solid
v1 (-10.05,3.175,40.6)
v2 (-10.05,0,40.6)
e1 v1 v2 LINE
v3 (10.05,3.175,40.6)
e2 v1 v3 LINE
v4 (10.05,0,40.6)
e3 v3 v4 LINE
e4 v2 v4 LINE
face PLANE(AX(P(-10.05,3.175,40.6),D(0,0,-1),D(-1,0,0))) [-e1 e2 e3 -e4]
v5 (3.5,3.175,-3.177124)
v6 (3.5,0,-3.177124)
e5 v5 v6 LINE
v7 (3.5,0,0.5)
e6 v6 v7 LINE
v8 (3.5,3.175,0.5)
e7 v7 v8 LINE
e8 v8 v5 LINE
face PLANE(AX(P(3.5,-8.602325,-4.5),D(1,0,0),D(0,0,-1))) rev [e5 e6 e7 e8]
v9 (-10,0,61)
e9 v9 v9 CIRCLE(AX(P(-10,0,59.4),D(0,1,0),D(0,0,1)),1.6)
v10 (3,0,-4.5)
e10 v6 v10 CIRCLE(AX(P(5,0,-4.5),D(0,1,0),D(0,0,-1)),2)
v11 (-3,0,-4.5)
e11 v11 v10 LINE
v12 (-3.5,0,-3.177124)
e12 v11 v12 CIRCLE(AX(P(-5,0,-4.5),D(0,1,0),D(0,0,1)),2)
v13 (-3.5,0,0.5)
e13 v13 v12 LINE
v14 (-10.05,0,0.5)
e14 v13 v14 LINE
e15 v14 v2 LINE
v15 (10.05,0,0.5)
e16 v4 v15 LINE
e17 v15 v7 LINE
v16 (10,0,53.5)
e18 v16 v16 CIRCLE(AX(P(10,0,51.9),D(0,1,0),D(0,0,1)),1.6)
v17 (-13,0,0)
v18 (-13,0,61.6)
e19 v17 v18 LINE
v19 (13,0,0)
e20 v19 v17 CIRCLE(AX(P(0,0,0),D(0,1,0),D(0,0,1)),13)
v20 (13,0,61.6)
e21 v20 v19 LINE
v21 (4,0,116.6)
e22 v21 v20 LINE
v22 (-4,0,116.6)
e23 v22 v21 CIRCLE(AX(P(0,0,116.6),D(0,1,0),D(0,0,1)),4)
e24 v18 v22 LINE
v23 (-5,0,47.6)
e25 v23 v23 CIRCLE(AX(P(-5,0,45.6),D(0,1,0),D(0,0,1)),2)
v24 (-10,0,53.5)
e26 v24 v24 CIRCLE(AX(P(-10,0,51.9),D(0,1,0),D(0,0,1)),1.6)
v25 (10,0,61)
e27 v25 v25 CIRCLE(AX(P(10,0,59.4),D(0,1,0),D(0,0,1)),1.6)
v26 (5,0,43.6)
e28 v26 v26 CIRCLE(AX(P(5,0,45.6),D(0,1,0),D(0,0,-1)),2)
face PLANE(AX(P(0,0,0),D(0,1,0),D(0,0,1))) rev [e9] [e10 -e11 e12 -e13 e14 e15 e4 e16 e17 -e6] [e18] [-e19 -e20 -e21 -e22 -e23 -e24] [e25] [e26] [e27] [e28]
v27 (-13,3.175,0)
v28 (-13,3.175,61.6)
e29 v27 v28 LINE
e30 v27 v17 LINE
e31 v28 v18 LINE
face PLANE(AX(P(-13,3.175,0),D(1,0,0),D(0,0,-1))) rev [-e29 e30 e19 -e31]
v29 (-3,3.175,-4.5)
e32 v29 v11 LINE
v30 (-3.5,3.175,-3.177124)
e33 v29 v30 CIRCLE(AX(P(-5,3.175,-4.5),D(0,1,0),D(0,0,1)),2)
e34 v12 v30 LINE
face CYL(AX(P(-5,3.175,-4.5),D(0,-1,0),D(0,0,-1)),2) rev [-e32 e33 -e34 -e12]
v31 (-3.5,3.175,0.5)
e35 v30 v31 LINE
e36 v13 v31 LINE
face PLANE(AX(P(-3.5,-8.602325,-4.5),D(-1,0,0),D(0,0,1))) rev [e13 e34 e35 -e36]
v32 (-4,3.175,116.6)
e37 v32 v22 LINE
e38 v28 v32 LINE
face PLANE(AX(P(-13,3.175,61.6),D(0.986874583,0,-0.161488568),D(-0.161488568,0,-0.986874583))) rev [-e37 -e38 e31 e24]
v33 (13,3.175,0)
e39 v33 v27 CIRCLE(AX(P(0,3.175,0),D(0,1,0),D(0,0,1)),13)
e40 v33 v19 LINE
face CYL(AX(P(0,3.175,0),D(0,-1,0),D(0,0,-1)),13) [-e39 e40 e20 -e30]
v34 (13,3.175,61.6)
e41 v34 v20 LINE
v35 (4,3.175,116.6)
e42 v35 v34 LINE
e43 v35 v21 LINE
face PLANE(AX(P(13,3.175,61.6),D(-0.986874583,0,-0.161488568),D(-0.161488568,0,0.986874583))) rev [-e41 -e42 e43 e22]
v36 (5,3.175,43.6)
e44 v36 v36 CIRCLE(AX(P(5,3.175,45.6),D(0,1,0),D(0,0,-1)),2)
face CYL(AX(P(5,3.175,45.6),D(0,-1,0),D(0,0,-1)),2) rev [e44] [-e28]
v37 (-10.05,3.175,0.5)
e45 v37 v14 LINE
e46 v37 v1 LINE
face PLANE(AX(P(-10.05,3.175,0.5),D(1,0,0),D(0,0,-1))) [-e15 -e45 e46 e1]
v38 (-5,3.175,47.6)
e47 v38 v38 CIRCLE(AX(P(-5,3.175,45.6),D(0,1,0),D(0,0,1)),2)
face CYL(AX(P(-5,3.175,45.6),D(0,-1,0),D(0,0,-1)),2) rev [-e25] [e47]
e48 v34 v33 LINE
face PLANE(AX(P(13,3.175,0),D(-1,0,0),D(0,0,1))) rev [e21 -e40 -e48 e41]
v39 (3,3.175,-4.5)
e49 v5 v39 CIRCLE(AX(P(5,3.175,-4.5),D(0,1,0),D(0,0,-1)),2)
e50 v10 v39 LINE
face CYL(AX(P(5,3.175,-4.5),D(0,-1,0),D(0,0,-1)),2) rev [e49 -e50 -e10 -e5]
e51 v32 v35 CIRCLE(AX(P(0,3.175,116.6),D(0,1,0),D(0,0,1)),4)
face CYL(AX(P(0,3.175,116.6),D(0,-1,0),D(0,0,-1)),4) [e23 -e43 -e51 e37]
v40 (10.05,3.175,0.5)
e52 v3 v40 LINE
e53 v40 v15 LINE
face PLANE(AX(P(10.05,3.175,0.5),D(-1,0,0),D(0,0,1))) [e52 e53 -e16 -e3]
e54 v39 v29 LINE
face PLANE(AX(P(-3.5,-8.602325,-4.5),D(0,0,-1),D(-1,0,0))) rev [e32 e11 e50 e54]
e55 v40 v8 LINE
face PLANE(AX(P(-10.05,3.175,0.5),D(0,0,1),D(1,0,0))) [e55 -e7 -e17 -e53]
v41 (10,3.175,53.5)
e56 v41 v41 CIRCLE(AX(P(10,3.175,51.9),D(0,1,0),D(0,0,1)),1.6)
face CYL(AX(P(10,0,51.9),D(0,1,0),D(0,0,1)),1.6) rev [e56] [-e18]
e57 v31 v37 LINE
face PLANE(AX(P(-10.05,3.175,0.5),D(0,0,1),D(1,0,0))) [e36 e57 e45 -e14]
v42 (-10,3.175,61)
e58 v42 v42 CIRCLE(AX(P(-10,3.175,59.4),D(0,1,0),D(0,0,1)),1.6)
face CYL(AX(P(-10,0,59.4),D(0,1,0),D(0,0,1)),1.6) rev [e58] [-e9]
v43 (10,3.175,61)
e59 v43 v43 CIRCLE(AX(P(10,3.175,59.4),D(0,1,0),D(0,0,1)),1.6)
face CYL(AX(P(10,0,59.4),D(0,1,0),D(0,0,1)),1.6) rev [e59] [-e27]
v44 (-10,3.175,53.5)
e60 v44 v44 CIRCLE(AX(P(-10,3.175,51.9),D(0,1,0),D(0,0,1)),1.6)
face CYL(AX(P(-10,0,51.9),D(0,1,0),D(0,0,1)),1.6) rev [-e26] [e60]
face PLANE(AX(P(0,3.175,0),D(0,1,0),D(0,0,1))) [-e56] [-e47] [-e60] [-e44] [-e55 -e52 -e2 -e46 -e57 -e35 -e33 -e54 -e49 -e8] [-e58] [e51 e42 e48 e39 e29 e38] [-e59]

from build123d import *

# Parameters (mm, degrees)
SKETCH2_R               = 2
SKETCH2_W               = 20.1
SKETCH2_H               = 40.1
BOSS_EXTRUDE1_DEPTH     = 3.175
CUT_EXTRUDE1_DEPTH      = 122.340185532
CUT_EXTRUDE1_DEPTH_BACK = 122.340185532
SKETCH3_R               = 1.6
SKETCH4_W               = 7
SKETCH4_H               = 5
CUT_EXTRUDE2_DEPTH      = 3.175


with BuildPart() as part:
    # Sketch2 → Boss-Extrude1 (new body)
    with BuildSketch(Plane(origin=(0, 0, 0), x_dir=(1, 0, 0), z_dir=(0, 1, 0))):
        with BuildLine():
            Line((-13, 0), (-13, -61.6))
            Line((-13, -61.6), (-4, -116.6))
            ThreePointArc((-4, -116.6), (0, -120.6), (4, -116.6))
            Line((4, -116.6), (13, -61.6))
            Line((13, -61.6), (13, 0))
            ThreePointArc((13, 0), (0, 13), (-13, 0))
        make_face()
        with Locations(Location((-5, 4.5, 0), (0, 0, 270))):
            Circle(SKETCH2_R, mode=Mode.SUBTRACT)
        with Locations(Location((-5, -45.6, 0), (0, 0, 270))):
            Circle(SKETCH2_R, mode=Mode.SUBTRACT)
        with Locations(Location((5, -45.6, 0), (0, 0, 90))):
            Circle(SKETCH2_R, mode=Mode.SUBTRACT)
        with Locations(Location((5, 4.5, 0), (0, 0, 90))):
            Circle(SKETCH2_R, mode=Mode.SUBTRACT)
        with Locations((0, -20.55)):
            Rectangle(SKETCH2_W, SKETCH2_H, mode=Mode.SUBTRACT)
    extrude(amount=BOSS_EXTRUDE1_DEPTH)

    # Sketch3 → Cut-Extrude1 (cut, two sides: drawn at the far end of the back side and taken through both)
    with BuildSketch(Plane(origin=(0, 3.175, 0), x_dir=(1, 0, 0), z_dir=(0, 1, 0)).offset(-CUT_EXTRUDE1_DEPTH_BACK)):
        with Locations(Location((10, -59.4, 0), (0, 0, 270))):
            Circle(SKETCH3_R)
        with Locations(Location((10, -51.9, 0), (0, 0, 270))):
            Circle(SKETCH3_R)
        with Locations(Location((-10, -59.4, 0), (0, 0, 270))):
            Circle(SKETCH3_R)
        with Locations(Location((-10, -51.9, 0), (0, 0, 270))):
            Circle(SKETCH3_R)
    extrude(amount=CUT_EXTRUDE1_DEPTH + CUT_EXTRUDE1_DEPTH_BACK, mode=Mode.SUBTRACT)

    # Sketch4 → Cut-Extrude2 (cut)
    with BuildSketch(Plane(origin=(0, 3.175, 0), x_dir=(1, 0, 0), z_dir=(0, 1, 0))):
        with Locations((0, 2)):
            Rectangle(SKETCH4_W, SKETCH4_H)
    extrude(amount=-CUT_EXTRUDE2_DEPTH, mode=Mode.SUBTRACT)


solid = part.part
